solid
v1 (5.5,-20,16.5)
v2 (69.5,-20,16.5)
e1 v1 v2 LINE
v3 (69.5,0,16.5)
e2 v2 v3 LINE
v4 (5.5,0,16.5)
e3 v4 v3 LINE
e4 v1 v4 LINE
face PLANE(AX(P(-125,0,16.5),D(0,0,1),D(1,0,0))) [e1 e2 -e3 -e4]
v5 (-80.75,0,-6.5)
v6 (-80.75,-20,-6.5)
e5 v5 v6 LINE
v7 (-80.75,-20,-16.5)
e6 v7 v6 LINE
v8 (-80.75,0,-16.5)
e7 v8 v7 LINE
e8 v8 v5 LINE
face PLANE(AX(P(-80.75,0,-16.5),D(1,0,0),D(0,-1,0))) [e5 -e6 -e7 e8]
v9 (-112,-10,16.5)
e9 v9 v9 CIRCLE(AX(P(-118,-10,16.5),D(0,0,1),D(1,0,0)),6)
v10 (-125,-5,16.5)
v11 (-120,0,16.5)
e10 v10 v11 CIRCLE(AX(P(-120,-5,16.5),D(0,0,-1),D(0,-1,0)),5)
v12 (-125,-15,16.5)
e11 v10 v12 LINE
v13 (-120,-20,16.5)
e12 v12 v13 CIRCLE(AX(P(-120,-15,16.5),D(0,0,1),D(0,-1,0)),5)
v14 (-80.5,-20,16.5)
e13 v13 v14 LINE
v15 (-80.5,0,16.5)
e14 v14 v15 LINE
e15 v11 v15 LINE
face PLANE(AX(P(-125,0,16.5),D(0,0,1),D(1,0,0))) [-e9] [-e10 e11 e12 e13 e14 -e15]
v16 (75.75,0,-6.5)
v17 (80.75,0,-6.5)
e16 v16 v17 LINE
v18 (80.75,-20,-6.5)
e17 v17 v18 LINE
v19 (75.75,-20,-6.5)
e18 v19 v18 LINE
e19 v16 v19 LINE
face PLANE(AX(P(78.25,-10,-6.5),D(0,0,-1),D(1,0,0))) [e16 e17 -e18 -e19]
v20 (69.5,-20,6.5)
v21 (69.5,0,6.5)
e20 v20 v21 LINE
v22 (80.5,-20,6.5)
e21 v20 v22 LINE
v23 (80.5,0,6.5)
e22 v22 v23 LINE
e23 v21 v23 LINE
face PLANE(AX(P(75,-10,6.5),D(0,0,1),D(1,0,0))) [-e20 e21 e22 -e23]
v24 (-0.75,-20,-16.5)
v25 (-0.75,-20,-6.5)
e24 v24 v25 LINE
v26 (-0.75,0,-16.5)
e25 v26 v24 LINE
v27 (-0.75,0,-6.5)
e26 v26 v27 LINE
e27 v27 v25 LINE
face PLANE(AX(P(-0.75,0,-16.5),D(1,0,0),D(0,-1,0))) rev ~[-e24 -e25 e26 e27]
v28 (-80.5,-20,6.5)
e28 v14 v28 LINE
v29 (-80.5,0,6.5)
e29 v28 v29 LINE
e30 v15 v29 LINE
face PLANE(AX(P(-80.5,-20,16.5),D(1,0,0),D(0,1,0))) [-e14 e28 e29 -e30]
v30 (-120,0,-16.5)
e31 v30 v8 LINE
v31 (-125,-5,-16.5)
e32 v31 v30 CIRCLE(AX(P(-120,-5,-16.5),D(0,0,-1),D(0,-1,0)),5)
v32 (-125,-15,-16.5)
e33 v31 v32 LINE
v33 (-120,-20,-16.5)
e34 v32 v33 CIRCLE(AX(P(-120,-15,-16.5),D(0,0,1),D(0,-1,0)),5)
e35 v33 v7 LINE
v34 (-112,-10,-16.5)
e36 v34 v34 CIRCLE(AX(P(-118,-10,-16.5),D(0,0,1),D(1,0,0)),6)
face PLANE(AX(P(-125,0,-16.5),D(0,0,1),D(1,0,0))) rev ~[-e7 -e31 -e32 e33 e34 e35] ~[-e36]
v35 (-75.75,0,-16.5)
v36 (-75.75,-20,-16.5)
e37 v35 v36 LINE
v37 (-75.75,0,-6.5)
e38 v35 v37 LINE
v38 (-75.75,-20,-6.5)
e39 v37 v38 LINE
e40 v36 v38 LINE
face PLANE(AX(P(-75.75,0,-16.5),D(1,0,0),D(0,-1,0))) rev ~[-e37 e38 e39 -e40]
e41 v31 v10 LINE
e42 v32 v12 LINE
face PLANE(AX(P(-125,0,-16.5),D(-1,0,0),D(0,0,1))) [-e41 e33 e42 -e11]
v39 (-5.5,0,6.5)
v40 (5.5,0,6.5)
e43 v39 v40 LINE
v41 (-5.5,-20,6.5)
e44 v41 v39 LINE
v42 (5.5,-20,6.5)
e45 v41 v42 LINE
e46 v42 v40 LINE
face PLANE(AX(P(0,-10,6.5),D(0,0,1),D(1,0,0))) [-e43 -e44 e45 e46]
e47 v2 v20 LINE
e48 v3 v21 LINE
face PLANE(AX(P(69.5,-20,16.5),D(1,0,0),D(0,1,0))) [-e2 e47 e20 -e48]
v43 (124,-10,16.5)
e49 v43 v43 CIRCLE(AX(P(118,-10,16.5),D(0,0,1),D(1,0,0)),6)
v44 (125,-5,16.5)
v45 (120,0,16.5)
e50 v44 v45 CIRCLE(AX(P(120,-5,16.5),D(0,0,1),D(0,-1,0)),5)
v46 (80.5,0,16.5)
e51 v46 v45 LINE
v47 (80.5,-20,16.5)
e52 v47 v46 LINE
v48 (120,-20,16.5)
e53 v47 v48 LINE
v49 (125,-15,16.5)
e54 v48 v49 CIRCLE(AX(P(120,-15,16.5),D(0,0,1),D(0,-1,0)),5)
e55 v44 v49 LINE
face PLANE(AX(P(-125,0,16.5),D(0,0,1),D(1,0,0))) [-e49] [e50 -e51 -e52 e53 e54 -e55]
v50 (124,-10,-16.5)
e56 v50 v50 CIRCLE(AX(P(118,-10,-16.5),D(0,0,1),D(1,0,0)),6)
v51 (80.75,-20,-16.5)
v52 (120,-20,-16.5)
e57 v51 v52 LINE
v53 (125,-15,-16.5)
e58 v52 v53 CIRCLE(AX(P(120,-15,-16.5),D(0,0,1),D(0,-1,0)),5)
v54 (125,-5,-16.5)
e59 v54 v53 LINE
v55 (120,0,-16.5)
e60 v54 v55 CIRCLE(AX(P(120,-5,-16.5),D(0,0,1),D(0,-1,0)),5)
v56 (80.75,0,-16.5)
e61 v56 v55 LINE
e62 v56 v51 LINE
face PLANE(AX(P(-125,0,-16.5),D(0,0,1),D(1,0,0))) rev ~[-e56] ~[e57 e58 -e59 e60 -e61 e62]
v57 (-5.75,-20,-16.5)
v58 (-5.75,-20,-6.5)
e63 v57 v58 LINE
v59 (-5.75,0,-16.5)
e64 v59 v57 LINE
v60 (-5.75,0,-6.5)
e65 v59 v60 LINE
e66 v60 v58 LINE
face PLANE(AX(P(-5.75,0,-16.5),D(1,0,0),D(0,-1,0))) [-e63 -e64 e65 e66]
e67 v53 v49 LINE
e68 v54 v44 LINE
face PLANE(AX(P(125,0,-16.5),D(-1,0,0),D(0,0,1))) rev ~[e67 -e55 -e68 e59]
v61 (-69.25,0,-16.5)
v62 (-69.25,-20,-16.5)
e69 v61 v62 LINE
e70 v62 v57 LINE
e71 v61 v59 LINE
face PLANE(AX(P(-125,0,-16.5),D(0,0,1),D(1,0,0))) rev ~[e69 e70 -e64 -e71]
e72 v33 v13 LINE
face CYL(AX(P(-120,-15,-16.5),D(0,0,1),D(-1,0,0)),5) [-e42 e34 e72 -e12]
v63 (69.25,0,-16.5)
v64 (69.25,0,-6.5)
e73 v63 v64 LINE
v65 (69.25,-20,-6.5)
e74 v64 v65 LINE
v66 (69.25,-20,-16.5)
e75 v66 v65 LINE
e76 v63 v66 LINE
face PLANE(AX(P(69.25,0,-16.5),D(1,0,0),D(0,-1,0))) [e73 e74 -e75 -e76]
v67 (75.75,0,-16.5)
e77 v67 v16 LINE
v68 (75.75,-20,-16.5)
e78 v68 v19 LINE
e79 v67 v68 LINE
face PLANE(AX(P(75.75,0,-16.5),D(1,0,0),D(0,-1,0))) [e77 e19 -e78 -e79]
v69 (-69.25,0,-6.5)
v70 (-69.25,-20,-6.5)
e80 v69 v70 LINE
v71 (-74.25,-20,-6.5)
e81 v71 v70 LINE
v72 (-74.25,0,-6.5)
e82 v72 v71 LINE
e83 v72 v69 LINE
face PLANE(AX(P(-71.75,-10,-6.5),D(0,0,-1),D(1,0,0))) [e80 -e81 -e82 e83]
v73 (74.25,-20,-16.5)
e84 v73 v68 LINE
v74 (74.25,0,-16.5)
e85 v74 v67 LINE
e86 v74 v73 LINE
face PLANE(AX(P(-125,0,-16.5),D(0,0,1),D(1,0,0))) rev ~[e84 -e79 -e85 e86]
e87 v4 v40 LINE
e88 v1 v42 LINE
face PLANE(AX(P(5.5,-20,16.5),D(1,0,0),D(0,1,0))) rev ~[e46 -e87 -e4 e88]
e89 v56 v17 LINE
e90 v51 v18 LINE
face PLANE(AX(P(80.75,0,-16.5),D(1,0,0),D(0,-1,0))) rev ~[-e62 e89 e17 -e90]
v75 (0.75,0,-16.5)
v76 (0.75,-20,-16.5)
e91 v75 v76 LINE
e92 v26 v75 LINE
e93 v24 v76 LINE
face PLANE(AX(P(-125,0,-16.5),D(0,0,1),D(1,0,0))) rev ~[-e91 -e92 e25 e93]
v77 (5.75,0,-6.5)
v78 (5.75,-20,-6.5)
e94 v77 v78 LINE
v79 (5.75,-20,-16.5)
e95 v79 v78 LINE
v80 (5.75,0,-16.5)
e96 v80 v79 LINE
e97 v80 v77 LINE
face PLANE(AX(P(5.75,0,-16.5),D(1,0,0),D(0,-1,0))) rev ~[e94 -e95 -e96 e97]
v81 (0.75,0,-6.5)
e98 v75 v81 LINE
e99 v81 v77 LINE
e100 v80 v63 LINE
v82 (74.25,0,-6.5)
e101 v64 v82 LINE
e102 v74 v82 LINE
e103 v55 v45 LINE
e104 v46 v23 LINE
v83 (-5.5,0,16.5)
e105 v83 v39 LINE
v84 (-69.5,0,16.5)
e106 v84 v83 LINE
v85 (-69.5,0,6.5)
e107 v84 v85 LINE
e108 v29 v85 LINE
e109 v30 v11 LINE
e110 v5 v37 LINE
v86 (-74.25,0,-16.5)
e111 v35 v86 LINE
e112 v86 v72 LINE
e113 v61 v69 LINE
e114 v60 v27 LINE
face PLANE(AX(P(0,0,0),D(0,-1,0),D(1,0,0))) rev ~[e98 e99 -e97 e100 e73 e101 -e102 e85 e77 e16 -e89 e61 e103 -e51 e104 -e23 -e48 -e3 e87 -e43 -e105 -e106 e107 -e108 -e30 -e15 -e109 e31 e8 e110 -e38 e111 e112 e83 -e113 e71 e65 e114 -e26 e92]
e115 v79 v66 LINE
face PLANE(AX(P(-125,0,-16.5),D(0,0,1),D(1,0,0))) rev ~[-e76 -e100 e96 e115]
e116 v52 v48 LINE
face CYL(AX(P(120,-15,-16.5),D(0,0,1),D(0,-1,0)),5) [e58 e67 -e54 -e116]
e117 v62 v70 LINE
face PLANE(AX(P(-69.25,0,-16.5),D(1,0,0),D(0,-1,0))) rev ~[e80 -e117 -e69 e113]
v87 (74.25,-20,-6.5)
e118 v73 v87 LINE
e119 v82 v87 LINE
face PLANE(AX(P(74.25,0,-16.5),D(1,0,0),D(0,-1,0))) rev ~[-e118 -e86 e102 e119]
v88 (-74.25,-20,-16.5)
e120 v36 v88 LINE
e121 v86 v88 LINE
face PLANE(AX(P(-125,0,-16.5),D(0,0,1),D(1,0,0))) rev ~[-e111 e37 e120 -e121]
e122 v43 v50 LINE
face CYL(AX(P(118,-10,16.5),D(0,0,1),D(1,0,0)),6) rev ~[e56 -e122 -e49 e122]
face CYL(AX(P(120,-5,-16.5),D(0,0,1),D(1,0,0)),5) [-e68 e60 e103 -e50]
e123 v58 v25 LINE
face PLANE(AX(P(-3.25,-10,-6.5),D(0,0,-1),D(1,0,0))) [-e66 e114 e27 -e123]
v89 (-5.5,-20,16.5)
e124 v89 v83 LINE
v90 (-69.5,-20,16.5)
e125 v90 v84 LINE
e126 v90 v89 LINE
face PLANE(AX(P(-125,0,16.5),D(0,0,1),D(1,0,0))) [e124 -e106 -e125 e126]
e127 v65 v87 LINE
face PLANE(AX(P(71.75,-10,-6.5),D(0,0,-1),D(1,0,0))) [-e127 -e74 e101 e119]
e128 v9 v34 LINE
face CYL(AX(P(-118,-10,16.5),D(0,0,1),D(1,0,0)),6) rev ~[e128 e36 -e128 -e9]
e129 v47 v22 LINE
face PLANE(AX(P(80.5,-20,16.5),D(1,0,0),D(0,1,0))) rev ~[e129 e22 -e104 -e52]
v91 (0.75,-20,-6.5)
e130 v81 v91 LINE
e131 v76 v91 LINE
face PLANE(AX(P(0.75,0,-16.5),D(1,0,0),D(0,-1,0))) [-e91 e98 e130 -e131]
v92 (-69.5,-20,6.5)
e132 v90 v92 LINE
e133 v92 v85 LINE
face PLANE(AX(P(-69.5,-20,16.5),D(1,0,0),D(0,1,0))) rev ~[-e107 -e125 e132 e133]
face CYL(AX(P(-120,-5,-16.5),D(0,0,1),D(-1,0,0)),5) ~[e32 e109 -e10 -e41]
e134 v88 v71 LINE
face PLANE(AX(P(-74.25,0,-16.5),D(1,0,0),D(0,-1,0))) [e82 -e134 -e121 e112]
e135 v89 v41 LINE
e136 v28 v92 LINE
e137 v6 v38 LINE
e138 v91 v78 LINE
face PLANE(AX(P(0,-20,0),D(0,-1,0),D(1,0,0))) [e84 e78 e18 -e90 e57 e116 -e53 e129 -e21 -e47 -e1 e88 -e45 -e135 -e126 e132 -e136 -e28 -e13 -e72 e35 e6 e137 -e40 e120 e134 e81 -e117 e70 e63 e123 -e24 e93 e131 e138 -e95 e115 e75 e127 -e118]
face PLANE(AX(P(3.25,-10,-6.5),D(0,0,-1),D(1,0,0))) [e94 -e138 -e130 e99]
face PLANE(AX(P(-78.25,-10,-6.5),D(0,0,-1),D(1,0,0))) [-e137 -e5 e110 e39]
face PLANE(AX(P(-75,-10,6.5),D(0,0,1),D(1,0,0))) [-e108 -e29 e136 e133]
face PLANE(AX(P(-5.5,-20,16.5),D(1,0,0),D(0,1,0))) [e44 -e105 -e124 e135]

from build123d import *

# Parameters (mm, degrees)
F0_W      = 250
F0_H      = 33
F1_DEPTH  = 20
F2_W      = 11
F2_H      = 20
F4_DEPTH  = 10
F3_W      = 5
F3_H      = 20
F5_DEPTH  = 10
F6_R      = 5
F7_R      = 5
F8_R      = 5
F9_R      = 5
F10_R     = 6
F11_DEPTH = 33.001


with BuildPart() as f1:
    # F0 (on Front) → F1 (new body)
    with BuildSketch(Plane.XZ):
        Rectangle(F0_W, F0_H)
    extrude(amount=F1_DEPTH)

    # F2 (on face) → F4 (cut)
    with BuildSketch(Plane.XY.offset(16.5)):
        with Locations((-75, -10)):
            Rectangle(F2_W, F2_H)
        with Locations((0, -10)):
            Rectangle(F2_W, F2_H)
        with Locations((75, -10)):
            Rectangle(F2_W, F2_H)
    extrude(amount=-F4_DEPTH, mode=Mode.SUBTRACT)

    # F3 (on face) → F5 (cut)
    with BuildSketch(Plane(origin=(0, 0, -16.5), x_dir=(1, 0, 0), z_dir=(0, 0, -1))):
        with Locations((-78.25, 10)):
            Rectangle(F3_W, F3_H)
        with Locations((-71.75, 10)):
            Rectangle(F3_W, F3_H)
        with Locations((-3.25, 10)):
            Rectangle(F3_W, F3_H)
        with Locations((3.25, 10)):
            Rectangle(F3_W, F3_H)
        with Locations((71.75, 10)):
            Rectangle(F3_W, F3_H)
        with Locations((78.25, 10)):
            Rectangle(F3_W, F3_H)
    extrude(amount=-F5_DEPTH, mode=Mode.SUBTRACT)

    # F6
    f6_edges = [f1.edges().sort_by_distance(p)[0] for p in [
        (-125, -20, 0),
    ]]
    fillet(f6_edges, radius=F6_R)

    # F7
    f7_edges = [f1.edges().sort_by_distance(p)[0] for p in [
        (-125, 0, 0),
    ]]
    fillet(f7_edges, radius=F7_R)

    # F8
    f8_edges = [f1.edges().sort_by_distance(p)[0] for p in [
        (125, -20, 0),
    ]]
    fillet(f8_edges, radius=F8_R)

    # F9
    f9_edges = [f1.edges().sort_by_distance(p)[0] for p in [
        (125, 0, 0),
    ]]
    fillet(f9_edges, radius=F9_R)

    # F10 (on face) → F11 (cut, through all)
    with BuildSketch(Plane.XY.offset(16.5)):
        with Locations((118, -10)):
            Circle(F10_R)
        with Locations((-118, -10)):
            Circle(F10_R)
    extrude(amount=-F11_DEPTH, mode=Mode.SUBTRACT)


solid = f1.part
